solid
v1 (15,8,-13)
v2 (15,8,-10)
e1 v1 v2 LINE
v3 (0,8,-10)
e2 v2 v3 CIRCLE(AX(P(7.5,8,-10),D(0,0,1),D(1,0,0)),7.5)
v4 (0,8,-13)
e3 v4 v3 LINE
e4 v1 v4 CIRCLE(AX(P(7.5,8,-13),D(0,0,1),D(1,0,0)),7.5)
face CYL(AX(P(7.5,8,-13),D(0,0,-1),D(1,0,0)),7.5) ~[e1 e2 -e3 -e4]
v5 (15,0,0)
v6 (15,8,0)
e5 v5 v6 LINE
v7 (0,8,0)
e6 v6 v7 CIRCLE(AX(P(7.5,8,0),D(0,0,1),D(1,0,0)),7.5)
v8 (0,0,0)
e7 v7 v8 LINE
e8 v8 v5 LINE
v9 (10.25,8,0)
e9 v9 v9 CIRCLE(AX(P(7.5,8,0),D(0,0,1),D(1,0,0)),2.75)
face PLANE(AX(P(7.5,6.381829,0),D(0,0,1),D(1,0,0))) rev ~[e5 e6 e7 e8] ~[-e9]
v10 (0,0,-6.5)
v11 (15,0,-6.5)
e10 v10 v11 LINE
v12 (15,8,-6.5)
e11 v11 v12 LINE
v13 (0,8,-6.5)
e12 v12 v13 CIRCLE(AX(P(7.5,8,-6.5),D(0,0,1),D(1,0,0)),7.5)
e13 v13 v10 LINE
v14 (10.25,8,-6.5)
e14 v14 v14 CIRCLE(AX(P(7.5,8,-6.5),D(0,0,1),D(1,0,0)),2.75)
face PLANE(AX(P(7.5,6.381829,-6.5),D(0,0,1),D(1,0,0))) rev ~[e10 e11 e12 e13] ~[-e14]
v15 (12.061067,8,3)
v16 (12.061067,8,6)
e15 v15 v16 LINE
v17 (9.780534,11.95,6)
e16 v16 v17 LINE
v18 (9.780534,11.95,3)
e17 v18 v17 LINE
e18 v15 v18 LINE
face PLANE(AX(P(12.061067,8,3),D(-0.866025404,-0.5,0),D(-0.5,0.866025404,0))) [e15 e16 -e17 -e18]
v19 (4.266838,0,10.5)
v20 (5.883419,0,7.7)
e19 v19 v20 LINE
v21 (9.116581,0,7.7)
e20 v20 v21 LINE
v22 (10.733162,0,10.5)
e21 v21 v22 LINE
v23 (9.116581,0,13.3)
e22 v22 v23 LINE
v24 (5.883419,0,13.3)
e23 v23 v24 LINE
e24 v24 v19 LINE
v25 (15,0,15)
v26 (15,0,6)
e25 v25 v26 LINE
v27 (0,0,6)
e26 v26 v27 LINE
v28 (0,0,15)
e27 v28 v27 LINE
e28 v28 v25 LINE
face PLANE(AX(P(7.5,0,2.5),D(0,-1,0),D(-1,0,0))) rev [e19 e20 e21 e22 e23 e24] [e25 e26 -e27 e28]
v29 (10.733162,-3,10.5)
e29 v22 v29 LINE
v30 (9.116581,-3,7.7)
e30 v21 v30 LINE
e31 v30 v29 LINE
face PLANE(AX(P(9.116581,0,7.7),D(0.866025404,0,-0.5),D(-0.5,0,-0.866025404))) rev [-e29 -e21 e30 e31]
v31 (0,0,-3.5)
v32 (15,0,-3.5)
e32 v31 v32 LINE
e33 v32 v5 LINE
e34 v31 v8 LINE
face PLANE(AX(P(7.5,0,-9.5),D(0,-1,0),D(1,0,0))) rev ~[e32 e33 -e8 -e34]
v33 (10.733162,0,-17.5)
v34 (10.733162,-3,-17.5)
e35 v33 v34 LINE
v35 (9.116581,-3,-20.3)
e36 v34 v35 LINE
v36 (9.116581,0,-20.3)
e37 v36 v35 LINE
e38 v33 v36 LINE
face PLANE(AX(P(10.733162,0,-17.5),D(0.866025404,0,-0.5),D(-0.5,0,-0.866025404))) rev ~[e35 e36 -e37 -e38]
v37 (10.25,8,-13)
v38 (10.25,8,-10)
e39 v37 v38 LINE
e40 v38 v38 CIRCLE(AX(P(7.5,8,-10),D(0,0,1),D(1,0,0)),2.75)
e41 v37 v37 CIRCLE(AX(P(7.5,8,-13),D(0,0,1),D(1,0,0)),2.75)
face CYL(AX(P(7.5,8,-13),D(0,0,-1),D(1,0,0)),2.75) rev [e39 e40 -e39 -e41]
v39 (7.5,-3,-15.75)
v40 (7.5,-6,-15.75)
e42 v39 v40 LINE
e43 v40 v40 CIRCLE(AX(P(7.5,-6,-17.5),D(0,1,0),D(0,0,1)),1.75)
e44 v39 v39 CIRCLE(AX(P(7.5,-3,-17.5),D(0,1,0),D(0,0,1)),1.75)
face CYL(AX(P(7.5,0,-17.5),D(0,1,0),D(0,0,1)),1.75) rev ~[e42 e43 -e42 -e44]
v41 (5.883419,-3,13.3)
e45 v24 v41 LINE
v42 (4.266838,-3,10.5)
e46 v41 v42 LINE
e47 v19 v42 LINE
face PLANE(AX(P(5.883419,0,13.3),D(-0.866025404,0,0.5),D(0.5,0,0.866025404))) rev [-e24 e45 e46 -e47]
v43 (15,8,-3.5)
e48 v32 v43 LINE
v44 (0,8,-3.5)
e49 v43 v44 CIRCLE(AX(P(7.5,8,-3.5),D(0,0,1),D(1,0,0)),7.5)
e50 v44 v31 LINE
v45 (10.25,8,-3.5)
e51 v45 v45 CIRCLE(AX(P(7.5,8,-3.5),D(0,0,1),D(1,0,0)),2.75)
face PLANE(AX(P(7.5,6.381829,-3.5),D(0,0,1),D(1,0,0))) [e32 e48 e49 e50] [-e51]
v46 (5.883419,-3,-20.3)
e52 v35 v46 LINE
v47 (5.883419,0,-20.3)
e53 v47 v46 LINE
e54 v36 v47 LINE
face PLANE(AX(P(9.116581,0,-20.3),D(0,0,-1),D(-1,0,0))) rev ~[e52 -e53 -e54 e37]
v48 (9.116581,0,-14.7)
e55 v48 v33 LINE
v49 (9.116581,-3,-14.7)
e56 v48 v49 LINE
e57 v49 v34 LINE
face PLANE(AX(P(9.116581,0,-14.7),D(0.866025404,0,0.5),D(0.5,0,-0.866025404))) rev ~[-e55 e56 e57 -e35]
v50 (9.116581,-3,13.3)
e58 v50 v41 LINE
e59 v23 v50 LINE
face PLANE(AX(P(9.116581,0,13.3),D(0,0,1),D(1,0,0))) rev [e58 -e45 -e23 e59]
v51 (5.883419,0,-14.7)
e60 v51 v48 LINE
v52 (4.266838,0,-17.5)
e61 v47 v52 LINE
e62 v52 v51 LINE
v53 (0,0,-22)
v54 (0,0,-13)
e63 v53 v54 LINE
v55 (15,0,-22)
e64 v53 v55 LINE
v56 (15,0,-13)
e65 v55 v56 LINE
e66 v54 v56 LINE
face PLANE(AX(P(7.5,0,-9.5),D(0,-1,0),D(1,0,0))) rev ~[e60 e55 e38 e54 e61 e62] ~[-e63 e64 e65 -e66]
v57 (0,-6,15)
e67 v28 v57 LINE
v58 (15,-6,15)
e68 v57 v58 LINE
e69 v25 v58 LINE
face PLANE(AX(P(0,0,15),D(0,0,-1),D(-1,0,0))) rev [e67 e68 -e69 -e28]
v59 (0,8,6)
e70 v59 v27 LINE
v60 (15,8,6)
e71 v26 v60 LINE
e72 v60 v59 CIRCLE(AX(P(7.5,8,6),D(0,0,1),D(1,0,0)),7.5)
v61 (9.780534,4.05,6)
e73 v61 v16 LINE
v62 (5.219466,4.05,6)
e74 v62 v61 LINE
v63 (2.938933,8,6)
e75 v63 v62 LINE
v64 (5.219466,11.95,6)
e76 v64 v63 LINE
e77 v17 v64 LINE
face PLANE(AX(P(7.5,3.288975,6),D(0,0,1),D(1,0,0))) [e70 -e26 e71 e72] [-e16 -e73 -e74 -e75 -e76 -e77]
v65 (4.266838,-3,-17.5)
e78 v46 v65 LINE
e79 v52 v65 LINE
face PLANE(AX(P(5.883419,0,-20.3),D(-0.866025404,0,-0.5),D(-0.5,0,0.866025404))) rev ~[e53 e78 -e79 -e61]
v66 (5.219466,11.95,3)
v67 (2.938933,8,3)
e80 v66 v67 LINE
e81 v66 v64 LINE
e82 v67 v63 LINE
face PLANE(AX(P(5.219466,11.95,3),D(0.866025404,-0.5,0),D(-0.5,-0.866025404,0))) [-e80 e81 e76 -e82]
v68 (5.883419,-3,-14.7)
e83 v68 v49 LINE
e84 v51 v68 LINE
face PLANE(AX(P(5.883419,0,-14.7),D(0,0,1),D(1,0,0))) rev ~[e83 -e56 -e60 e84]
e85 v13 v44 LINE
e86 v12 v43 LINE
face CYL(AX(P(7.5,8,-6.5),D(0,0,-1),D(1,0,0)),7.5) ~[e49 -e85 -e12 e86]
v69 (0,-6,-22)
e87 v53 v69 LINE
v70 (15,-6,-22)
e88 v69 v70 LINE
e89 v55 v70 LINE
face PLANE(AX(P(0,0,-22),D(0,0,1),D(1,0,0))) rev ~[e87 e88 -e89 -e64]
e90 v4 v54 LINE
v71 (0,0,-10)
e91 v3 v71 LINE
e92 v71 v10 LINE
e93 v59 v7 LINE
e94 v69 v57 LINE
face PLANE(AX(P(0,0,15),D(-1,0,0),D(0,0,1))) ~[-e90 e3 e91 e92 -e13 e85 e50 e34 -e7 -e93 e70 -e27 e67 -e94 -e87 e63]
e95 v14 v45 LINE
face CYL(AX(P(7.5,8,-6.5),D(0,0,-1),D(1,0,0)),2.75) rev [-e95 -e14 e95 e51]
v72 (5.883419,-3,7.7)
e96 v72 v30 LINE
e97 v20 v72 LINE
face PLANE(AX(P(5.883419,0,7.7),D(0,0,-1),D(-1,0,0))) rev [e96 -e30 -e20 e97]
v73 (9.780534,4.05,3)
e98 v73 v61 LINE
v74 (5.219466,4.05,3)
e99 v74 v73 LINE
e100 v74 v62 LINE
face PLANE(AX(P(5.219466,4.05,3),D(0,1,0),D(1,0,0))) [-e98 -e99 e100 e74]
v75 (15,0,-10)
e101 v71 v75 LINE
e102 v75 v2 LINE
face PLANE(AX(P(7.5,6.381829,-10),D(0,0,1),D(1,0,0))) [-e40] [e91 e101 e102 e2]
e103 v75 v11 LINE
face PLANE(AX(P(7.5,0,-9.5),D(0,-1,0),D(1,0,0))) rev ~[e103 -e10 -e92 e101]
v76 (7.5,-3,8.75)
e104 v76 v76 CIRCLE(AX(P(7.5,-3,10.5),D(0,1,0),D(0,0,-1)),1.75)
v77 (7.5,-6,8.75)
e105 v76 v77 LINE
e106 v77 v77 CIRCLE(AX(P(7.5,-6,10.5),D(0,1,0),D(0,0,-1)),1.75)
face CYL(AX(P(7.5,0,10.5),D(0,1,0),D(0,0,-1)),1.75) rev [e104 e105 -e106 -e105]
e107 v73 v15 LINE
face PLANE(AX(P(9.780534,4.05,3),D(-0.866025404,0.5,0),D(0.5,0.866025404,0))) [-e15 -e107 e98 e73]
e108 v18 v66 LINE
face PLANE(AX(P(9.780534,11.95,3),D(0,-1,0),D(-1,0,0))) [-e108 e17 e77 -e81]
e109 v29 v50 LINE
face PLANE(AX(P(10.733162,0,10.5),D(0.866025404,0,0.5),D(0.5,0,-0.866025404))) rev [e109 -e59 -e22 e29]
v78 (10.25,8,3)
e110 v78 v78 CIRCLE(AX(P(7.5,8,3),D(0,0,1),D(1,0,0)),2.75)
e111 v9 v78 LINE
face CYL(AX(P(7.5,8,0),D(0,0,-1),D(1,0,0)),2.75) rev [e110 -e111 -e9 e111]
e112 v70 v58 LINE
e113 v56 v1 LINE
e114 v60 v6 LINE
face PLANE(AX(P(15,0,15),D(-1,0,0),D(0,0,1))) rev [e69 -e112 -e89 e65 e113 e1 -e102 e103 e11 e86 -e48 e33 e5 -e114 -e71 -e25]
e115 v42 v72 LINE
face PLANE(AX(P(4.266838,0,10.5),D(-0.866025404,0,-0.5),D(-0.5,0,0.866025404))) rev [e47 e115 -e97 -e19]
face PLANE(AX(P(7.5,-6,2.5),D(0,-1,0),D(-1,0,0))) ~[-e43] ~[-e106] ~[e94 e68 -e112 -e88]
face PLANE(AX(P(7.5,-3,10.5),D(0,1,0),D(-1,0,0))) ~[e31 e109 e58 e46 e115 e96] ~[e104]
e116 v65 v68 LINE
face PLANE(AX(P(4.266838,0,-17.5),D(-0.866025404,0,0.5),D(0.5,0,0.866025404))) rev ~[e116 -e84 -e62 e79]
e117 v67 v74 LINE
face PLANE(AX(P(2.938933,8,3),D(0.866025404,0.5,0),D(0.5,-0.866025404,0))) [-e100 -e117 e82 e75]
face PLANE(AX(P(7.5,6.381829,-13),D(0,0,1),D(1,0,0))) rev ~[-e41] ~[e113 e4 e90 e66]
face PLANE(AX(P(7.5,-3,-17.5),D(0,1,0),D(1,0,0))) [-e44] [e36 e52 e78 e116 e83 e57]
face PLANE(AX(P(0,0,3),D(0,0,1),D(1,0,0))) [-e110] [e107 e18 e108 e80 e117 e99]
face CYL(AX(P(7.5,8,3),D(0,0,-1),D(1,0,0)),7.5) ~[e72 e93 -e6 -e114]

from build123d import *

# Parameters (mm, degrees)
ESQUISSE1_R                = 2.75
BOSS_EXTRU_1_DEPTH         = 3
ESQUISSE2_W                = 15
ESQUISSE2_H                = 25
BOSS_EXTRU_2_DEPTH         = 6
R_P_TITION_LIN_AIRE1_COUNT = 3
R_P_TITION_LIN_AIRE1_PITCH = 6.5
BOSS_EXTRU_3_DEPTH         = 3
ENL_V_MAT_EXTRU_1_DEPTH    = 3
ESQUISSE4_3_R              = 1.75
ENL_V_MAT_EXTRU_3_DEPTH    = 31.809901006


with BuildPart() as part:
    # Esquisse1 → Boss.-Extru.1 (new body)
    with BuildSketch(Plane.XY):
        with BuildLine():
            Line((0, 0), (15, 0))
            Line((15, 0), (15, 8))
            ThreePointArc((15, 8), (7.5, 15.5), (0, 8))
            Line((0, 8), (0, 0))
        make_face()
        with Locations((7.5, 8)):
            Circle(ESQUISSE1_R, mode=Mode.SUBTRACT)
    boss_extru_1 = extrude(amount=BOSS_EXTRU_1_DEPTH)

    # Esquisse2 → Boss.-Extru.2 (add)
    with BuildSketch(Plane.XZ):
        with Locations((7.5, -9.5)):
            Rectangle(ESQUISSE2_W, ESQUISSE2_H)
    boss_extru_2 = extrude(amount=BOSS_EXTRU_2_DEPTH)

    # Répétition linéaire1: Boss.-Extru.1 ×3
    with Locations(*[(0, 0, -i * R_P_TITION_LIN_AIRE1_PITCH) for i in range(1, R_P_TITION_LIN_AIRE1_COUNT)]):
        add(boss_extru_1)

    # Esquisse3 → Boss.-Extru.3 (add)
    with BuildSketch(Plane.XY.offset(3)):
        with BuildLine():
            Line((0, 8), (0, -6))
            Line((0, -6), (15, -6))
            Line((15, -6), (15, 8))
            ThreePointArc((15, 8), (7.5, 15.5), (0, 8))
        make_face()
        Polygon((9.780533563, 4.05), (12.061067127, 8), (9.780533563, 11.95), (5.219466437, 11.95), (2.938932873, 8), (5.219466437, 4.05), align=None, mode=Mode.SUBTRACT)
    extrude(amount=BOSS_EXTRU_3_DEPTH)

    # Esquisse4 → Enlèv. mat.-Extru.1 (cut)
    with BuildSketch(Plane(origin=(0, 0, 0), x_dir=(1, 0, 0), z_dir=(0, 1, 0))):
        Polygon((9.116580754, 14.7), (10.733161507, 17.5), (9.116580754, 20.3), (5.883419246, 20.3), (4.266838493, 17.5), (5.883419246, 14.7), align=None)
    enl_v_mat_extru_1 = extrude(amount=-ENL_V_MAT_EXTRU_1_DEPTH, mode=Mode.SUBTRACT)

    # Esquisse4<3> → Enlèv. mat.-Extru.3 (cut, through all)
    with BuildSketch(Plane(origin=(0, 0, 0), x_dir=(1, 0, 0), z_dir=(0, 1, 0))):
        with Locations((7.5, 17.5)):
            Circle(ESQUISSE4_3_R)
    enl_v_mat_extru_3 = extrude(amount=-ENL_V_MAT_EXTRU_3_DEPTH, mode=Mode.SUBTRACT)

    # Symétrie1: Boss.-Extru.2, Enlèv. mat.-Extru.1, Enlèv. mat.-Extru.3 across plane
    add(boss_extru_2.mirror(Plane(origin=(0, 0, -3.5), x_dir=(1, 0, 0), z_dir=(0, 0, -1))))
    add(enl_v_mat_extru_1.mirror(Plane(origin=(0, 0, -3.5), x_dir=(1, 0, 0), z_dir=(0, 0, -1))), mode=Mode.SUBTRACT)
    add(enl_v_mat_extru_3.mirror(Plane(origin=(0, 0, -3.5), x_dir=(1, 0, 0), z_dir=(0, 0, -1))), mode=Mode.SUBTRACT)


solid = part.part
